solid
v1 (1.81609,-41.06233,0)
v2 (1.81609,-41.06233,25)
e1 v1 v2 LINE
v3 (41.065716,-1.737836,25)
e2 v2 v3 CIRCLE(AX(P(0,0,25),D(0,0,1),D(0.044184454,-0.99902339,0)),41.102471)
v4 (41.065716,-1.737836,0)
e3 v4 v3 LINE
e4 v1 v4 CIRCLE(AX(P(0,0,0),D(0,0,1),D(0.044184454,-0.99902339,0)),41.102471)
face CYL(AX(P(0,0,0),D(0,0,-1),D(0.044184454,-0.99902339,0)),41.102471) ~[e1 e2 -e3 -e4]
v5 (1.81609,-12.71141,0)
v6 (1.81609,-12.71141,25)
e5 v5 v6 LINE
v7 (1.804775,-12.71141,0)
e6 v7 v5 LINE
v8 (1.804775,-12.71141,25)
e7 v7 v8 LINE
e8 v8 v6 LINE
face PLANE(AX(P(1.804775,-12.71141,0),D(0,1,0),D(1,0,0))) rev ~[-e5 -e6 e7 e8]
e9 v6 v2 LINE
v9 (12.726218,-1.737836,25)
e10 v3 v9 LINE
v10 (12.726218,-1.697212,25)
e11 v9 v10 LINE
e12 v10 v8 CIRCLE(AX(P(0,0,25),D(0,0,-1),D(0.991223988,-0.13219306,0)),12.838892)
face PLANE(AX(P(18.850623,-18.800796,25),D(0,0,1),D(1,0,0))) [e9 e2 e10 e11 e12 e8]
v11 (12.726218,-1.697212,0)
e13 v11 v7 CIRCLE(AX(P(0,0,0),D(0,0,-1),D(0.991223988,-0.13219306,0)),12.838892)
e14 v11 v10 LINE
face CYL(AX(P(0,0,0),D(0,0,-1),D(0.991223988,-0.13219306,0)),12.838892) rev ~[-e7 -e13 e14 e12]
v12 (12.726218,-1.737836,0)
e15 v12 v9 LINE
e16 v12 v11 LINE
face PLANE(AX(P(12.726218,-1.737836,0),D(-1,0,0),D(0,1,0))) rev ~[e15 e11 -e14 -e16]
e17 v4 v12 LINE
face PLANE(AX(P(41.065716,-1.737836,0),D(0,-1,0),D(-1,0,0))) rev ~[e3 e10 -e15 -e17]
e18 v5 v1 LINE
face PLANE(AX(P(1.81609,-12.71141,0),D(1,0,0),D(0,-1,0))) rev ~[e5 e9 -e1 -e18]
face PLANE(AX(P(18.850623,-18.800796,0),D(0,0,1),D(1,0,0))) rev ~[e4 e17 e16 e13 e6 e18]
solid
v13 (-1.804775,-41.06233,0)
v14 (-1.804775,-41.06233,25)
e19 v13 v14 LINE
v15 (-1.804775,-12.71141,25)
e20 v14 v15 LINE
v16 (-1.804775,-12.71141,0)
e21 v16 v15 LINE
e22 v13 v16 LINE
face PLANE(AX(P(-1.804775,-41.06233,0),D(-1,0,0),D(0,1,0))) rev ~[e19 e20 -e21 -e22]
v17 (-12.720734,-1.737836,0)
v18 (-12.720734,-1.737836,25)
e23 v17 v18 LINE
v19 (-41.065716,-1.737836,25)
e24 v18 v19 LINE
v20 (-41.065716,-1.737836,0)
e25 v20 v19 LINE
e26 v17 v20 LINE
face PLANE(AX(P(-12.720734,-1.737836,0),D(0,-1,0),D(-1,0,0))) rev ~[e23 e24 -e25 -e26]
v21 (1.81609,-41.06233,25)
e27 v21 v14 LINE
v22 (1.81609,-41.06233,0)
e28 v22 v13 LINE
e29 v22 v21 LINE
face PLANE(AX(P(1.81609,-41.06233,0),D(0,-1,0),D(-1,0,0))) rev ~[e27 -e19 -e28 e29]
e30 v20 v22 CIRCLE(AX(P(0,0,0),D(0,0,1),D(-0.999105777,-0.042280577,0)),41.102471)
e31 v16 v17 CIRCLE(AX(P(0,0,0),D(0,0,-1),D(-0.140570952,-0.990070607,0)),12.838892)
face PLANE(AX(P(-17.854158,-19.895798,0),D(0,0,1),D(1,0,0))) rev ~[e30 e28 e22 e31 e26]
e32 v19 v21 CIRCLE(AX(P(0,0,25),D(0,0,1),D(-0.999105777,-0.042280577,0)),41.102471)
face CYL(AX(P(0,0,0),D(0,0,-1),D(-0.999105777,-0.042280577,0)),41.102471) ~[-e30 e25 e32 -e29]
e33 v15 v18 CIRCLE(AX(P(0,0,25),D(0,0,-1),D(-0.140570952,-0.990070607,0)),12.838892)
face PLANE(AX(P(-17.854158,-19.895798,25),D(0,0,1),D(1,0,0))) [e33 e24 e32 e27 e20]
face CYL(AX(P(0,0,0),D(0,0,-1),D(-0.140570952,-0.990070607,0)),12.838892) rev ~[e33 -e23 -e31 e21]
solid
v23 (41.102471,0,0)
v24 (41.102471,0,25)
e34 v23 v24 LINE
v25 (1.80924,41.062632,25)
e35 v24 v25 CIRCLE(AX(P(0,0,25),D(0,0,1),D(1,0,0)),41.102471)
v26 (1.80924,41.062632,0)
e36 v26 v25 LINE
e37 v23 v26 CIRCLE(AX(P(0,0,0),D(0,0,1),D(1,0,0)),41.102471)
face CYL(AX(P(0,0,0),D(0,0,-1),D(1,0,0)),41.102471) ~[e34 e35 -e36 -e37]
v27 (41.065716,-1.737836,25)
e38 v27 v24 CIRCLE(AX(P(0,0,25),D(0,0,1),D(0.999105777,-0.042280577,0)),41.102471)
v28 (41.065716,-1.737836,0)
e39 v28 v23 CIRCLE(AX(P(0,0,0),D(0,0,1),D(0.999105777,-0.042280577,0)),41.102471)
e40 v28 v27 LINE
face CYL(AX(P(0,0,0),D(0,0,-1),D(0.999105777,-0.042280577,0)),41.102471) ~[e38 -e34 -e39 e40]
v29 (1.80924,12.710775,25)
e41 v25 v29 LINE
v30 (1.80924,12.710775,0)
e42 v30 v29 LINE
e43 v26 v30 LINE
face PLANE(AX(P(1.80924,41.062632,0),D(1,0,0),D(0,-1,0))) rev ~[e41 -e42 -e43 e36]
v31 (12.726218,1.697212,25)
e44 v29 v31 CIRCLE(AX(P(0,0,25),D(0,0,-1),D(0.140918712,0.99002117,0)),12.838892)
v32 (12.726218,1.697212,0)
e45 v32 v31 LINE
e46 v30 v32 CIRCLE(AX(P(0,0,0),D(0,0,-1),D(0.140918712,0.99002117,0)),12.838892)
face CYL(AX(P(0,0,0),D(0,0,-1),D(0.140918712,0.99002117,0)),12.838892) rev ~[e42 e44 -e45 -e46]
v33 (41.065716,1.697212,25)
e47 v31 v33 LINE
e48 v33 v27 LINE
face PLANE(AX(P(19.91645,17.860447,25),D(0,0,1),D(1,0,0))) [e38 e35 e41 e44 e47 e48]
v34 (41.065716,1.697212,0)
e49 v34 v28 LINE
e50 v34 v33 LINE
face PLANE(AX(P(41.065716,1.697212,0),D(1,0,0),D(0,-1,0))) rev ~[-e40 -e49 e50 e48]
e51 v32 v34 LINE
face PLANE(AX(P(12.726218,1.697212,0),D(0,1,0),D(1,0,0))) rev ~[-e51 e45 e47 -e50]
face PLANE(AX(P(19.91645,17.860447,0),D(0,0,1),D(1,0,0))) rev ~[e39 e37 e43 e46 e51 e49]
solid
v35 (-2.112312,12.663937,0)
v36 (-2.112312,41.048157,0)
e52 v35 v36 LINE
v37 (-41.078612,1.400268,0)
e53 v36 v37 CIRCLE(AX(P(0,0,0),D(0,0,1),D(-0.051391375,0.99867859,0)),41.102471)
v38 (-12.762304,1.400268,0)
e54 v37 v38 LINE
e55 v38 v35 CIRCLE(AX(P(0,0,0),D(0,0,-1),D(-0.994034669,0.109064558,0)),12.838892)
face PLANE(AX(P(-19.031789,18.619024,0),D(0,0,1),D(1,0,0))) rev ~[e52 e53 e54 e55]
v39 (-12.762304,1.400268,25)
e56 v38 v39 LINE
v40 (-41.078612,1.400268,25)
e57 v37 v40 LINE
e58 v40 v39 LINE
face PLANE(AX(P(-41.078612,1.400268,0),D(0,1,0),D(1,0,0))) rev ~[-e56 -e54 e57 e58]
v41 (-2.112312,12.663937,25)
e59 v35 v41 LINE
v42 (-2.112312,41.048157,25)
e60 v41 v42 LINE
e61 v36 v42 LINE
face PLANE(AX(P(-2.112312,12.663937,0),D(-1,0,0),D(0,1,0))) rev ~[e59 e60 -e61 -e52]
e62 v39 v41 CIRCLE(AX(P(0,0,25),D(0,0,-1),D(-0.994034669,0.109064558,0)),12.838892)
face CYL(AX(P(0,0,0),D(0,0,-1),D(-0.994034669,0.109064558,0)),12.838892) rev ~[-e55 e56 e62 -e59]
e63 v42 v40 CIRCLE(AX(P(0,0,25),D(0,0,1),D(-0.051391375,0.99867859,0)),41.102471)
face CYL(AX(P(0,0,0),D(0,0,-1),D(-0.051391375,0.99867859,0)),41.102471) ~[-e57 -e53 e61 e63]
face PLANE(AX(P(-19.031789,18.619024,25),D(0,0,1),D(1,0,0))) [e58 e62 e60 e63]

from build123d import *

# Parameters (mm, degrees)
F1_DEPTH = 25


with BuildPart() as f1:
    # F0 (on Top) → F1 (new body)
    with BuildSketch(Plane.XY):
        with BuildLine():
            ThreePointArc((-41.0657158334, -1.7378361662), (-27.7801587982, -30.2931653776), (1.8160902073, -41.0623295468))
            Line((1.8160902073, -41.0623295468), (-1.8047753104, -41.0623295468))
            Line((-1.8047753104, -41.0623295468), (-1.8047753104, -12.7114099216))
            ThreePointArc((-1.8047753104, -12.7114099216), (-9.1023314446, -9.0545413129), (-12.7207343175, -1.7378361662))
            Line((-12.7207343175, -1.7378361662), (-41.0657158334, -1.7378361662))
        make_face()
    extrude(amount=F1_DEPTH)


with BuildPart() as f1b:
    # F0 (on Top) → F1, piece 2 (new body)
    with BuildSketch(Plane.XY):
        with BuildLine():
            ThreePointArc((1.8160902073, -41.0623295468), (29.0915153822, -29.0361296355), (41.0657158334, -1.7378361662))
            Line((41.0657158334, -1.7378361662), (12.7262180548, -1.7378361662))
            Line((12.7262180548, -1.7378361662), (12.7262180548, -1.6972124612))
            ThreePointArc((12.7262180548, -1.6972124612), (9.116774565, -9.0399987637), (1.8047753104, -12.7114099216))
            Line((1.8047753104, -12.7114099216), (1.8160902073, -12.7114099216))
            Line((1.8160902073, -12.7114099216), (1.8160902073, -41.0623295468))
        make_face()
    extrude(amount=F1_DEPTH)


with BuildPart() as f1c:
    # F0 (on Top) → F1, piece 3 (new body)
    with BuildSketch(Plane.XY):
        with BuildLine():
            ThreePointArc((41.0657158334, -1.7378361662), (41.0932808995, -0.8691124), (41.1024706246, 0))
            ThreePointArc((41.1024706246, 0), (29.6966103502, 28.4169742435), (1.8092401747, 41.0626319351))
            Line((1.8092401747, 41.0626319351), (1.8092401747, 12.7107751969))
            ThreePointArc((1.8092401747, 12.7107751969), (9.1183621072, 9.0383974574), (12.7262180548, 1.6972124612))
            Line((12.7262180548, 1.6972124612), (41.0657158334, 1.6972124612))
            Line((41.0657158334, 1.6972124612), (41.0657158334, -1.7378361662))
        make_face()
    extrude(amount=F1_DEPTH)


with BuildPart() as f1d:
    # F0 (on Top) → F1, piece 4 (new body)
    with BuildSketch(Plane.XY):
        with BuildLine():
            Line((-2.1123124965, 12.663936672), (-2.1123124965, 41.0481574174))
            ThreePointArc((-2.1123124965, 41.0481574174), (-29.3147192569, 28.8107675416), (-41.0786117176, 1.4002681169))
            Line((-41.0786117176, 1.4002681169), (-12.7623040755, 1.4002681169))
            ThreePointArc((-12.7623040755, 1.4002681169), (-9.3290466754, 8.8207734494), (-2.1123124965, 12.663936672))
        make_face()
    extrude(amount=F1_DEPTH)


solid = Compound([f1.part, f1b.part, f1c.part, f1d.part])
